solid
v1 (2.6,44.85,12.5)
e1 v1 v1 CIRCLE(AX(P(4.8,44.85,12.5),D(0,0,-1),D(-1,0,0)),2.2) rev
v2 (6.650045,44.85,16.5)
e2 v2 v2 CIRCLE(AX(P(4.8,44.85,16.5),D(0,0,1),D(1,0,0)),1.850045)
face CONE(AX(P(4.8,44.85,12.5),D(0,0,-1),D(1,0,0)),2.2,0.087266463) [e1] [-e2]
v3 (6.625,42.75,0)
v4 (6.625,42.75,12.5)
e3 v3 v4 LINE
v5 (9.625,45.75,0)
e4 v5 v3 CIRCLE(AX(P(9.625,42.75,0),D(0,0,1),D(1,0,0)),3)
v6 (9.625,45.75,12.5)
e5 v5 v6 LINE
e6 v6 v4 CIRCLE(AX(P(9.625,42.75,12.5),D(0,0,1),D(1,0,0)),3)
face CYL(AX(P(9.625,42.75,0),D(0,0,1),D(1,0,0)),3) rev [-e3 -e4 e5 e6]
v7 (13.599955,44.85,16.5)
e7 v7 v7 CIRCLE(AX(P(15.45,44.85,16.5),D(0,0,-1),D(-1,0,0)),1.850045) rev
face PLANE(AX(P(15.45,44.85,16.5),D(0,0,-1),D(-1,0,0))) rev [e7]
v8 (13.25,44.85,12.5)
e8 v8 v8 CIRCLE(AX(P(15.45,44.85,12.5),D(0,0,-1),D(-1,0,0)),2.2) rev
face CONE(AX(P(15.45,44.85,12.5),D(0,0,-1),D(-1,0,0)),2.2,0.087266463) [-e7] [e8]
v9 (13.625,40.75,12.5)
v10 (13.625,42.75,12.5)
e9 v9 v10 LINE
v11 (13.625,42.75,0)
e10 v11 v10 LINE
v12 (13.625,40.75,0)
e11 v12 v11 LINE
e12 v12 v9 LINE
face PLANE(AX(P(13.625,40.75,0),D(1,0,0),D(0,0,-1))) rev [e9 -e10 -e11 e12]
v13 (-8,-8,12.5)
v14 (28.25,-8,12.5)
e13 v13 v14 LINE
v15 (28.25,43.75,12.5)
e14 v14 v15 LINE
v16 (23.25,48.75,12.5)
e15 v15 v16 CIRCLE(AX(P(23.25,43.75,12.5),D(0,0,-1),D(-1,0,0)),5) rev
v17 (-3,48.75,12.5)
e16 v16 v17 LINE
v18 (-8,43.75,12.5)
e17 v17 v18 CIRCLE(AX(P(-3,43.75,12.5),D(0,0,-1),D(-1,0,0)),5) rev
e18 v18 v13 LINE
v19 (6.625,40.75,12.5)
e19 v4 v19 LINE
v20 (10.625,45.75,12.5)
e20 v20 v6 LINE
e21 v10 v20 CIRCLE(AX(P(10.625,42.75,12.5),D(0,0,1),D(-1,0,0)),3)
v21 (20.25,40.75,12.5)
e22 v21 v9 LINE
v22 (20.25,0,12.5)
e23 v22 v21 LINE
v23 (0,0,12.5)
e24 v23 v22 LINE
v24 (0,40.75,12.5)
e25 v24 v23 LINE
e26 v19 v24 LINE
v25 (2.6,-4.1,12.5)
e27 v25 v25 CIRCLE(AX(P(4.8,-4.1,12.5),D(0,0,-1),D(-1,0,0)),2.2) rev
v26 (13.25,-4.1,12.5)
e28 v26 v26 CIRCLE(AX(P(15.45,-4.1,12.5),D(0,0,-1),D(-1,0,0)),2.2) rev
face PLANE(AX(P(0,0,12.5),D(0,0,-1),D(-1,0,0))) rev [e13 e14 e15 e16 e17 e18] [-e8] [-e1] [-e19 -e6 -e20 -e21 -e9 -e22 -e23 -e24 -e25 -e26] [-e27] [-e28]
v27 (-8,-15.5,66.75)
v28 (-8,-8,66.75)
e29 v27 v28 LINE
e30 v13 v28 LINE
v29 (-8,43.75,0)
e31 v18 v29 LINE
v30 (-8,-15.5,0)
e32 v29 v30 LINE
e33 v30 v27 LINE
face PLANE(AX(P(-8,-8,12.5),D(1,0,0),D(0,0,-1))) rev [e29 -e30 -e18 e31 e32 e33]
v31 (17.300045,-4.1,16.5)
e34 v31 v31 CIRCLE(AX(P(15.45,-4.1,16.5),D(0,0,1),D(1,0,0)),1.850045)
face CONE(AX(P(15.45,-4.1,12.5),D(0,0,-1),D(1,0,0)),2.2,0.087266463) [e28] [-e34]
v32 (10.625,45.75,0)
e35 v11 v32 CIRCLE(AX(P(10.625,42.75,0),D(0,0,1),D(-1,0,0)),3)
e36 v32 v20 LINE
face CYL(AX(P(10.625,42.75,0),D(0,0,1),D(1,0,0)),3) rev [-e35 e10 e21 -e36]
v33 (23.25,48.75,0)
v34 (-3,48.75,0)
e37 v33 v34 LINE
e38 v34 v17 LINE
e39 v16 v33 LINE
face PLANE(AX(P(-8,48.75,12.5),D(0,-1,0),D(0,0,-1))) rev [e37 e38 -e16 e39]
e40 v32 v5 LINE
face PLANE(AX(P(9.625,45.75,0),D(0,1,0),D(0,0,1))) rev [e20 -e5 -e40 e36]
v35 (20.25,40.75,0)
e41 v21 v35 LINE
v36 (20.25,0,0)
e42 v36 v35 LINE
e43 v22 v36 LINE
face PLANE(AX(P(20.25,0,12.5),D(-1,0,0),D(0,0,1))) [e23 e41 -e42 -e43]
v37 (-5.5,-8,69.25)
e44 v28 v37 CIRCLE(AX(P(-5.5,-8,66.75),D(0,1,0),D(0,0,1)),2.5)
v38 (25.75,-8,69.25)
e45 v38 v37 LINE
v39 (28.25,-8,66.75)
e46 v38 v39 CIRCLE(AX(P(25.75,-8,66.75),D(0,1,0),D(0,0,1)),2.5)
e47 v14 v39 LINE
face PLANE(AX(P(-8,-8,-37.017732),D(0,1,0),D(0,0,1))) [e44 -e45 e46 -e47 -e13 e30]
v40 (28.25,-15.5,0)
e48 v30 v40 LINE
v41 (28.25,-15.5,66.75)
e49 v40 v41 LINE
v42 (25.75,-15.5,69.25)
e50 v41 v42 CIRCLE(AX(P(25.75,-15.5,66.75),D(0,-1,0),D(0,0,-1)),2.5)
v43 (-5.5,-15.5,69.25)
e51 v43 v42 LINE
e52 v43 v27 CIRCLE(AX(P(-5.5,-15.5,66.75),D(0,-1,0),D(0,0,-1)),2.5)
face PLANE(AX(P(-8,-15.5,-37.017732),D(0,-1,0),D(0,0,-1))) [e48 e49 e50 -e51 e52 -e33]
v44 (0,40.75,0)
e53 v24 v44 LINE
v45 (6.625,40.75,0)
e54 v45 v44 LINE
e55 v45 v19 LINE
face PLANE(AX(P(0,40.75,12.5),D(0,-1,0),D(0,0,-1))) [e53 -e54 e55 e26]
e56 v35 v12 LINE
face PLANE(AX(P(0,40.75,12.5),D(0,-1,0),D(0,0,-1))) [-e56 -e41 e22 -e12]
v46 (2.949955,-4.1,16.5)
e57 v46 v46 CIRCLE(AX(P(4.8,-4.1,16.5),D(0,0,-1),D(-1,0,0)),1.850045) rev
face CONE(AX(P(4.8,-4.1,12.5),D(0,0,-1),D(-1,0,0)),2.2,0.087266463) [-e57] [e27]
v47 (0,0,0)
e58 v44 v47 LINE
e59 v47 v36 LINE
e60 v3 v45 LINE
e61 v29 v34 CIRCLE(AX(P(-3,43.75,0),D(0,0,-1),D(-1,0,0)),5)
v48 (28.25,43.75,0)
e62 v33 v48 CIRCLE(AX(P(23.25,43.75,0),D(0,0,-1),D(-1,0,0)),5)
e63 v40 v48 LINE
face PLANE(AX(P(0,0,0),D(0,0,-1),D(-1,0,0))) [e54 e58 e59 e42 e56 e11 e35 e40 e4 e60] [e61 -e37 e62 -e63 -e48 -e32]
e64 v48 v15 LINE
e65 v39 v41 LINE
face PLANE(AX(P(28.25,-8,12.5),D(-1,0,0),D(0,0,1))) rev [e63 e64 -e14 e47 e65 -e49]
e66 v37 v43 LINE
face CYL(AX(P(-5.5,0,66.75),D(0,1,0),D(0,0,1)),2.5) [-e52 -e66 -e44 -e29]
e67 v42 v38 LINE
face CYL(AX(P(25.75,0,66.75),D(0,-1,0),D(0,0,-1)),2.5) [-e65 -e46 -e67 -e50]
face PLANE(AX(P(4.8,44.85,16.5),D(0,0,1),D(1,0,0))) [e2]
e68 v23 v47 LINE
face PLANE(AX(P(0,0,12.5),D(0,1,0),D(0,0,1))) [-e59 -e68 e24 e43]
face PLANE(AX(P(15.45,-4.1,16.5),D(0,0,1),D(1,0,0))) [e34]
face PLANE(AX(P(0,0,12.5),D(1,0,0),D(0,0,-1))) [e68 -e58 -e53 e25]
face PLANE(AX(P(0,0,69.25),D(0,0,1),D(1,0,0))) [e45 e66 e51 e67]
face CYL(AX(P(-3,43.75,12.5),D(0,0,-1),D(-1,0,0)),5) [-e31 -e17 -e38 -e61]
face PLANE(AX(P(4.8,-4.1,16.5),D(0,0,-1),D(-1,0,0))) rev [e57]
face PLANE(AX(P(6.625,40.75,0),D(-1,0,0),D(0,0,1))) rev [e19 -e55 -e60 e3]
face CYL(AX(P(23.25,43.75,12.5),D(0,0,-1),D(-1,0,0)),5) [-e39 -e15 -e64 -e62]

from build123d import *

# Parameters (mm, degrees)
SKETCH1_W                = 36.25
SKETCH1_H                = 56.75
SKETCH1_W_2              = 20.25
SKETCH1_H_2              = 40.75
BOSS_EXTRUDE1_DEPTH      = 12.5
SKETCH3_W                = 36.25
SKETCH3_H                = 7.5
BOSS_EXTRUDE2_DEPTH      = 56.75
BOSS_EXTRUDE2_DEPTH_BACK = 12.5
CUT_EXTRUDE1_DEPTH       = 13.5
SKETCH5_R                = 2.2
BOSS_EXTRUDE3_DEPTH      = 4
BOSS_EXTRUDE3_TAPER      = 5
FILLET1_R                = 5
FILLET2_R                = 2.5


with BuildPart() as part:
    # Sketch1 → Boss-Extrude1 (new body)
    with BuildSketch(Plane.XY):
        with Locations((10.125, 20.375)):
            Rectangle(SKETCH1_W, SKETCH1_H)
        with Locations((10.125, 20.375)):
            Rectangle(SKETCH1_W_2, SKETCH1_H_2, mode=Mode.SUBTRACT)
    extrude(amount=BOSS_EXTRUDE1_DEPTH)

    # Sketch3 → Boss-Extrude2 (add, two sides)
    with BuildSketch(Plane.XY.offset(12.5)) as boss_extrude2_sk:
        with Locations((10.125, -11.75)):
            Rectangle(SKETCH3_W, SKETCH3_H)
    extrude(amount=BOSS_EXTRUDE2_DEPTH)
    extrude(boss_extrude2_sk.sketch, amount=-BOSS_EXTRUDE2_DEPTH_BACK)

    # Sketch4 → Cut-Extrude1 (cut, through all)
    with BuildSketch(Plane.XY.offset(12.5)):
        with BuildLine():
            Line((6.625, 40.75), (13.625, 40.75))
            Line((13.625, 40.75), (13.625, 42.75))
            ThreePointArc((13.625, 42.75), (12.746320344, 44.871320344), (10.625, 45.75))
            Line((10.625, 45.75), (9.625, 45.75))
            ThreePointArc((9.625, 45.75), (7.503679656, 44.871320344), (6.625, 42.75))
            Line((6.625, 42.75), (6.625, 40.75))
        make_face()
    extrude(amount=-CUT_EXTRUDE1_DEPTH, mode=Mode.SUBTRACT)

    # Sketch5 → Boss-Extrude3 (add)
    with BuildSketch(Plane.XY.offset(12.5)):
        with Locations((4.8, 44.85)):
            Circle(SKETCH5_R)
        with Locations((15.45, 44.85)):
            Circle(SKETCH5_R)
        with Locations((15.45, -4.1)):
            Circle(SKETCH5_R)
        with Locations((4.8, -4.1)):
            Circle(SKETCH5_R)
    extrude(amount=BOSS_EXTRUDE3_DEPTH, taper=BOSS_EXTRUDE3_TAPER)

    # Fillet1
    fillet1_edges = [part.edges().sort_by_distance(p)[0] for p in [
        (-8, 48.75, 6.25),
        (28.25, 48.75, 6.25),
    ]]
    fillet(fillet1_edges, radius=FILLET1_R)

    # Fillet2
    fillet2_edges = [part.edges().sort_by_distance(p)[0] for p in [
        (-8, -11.75, 69.25),
        (28.25, -11.75, 69.25),
    ]]
    fillet(fillet2_edges, radius=FILLET2_R)


solid = part.part
